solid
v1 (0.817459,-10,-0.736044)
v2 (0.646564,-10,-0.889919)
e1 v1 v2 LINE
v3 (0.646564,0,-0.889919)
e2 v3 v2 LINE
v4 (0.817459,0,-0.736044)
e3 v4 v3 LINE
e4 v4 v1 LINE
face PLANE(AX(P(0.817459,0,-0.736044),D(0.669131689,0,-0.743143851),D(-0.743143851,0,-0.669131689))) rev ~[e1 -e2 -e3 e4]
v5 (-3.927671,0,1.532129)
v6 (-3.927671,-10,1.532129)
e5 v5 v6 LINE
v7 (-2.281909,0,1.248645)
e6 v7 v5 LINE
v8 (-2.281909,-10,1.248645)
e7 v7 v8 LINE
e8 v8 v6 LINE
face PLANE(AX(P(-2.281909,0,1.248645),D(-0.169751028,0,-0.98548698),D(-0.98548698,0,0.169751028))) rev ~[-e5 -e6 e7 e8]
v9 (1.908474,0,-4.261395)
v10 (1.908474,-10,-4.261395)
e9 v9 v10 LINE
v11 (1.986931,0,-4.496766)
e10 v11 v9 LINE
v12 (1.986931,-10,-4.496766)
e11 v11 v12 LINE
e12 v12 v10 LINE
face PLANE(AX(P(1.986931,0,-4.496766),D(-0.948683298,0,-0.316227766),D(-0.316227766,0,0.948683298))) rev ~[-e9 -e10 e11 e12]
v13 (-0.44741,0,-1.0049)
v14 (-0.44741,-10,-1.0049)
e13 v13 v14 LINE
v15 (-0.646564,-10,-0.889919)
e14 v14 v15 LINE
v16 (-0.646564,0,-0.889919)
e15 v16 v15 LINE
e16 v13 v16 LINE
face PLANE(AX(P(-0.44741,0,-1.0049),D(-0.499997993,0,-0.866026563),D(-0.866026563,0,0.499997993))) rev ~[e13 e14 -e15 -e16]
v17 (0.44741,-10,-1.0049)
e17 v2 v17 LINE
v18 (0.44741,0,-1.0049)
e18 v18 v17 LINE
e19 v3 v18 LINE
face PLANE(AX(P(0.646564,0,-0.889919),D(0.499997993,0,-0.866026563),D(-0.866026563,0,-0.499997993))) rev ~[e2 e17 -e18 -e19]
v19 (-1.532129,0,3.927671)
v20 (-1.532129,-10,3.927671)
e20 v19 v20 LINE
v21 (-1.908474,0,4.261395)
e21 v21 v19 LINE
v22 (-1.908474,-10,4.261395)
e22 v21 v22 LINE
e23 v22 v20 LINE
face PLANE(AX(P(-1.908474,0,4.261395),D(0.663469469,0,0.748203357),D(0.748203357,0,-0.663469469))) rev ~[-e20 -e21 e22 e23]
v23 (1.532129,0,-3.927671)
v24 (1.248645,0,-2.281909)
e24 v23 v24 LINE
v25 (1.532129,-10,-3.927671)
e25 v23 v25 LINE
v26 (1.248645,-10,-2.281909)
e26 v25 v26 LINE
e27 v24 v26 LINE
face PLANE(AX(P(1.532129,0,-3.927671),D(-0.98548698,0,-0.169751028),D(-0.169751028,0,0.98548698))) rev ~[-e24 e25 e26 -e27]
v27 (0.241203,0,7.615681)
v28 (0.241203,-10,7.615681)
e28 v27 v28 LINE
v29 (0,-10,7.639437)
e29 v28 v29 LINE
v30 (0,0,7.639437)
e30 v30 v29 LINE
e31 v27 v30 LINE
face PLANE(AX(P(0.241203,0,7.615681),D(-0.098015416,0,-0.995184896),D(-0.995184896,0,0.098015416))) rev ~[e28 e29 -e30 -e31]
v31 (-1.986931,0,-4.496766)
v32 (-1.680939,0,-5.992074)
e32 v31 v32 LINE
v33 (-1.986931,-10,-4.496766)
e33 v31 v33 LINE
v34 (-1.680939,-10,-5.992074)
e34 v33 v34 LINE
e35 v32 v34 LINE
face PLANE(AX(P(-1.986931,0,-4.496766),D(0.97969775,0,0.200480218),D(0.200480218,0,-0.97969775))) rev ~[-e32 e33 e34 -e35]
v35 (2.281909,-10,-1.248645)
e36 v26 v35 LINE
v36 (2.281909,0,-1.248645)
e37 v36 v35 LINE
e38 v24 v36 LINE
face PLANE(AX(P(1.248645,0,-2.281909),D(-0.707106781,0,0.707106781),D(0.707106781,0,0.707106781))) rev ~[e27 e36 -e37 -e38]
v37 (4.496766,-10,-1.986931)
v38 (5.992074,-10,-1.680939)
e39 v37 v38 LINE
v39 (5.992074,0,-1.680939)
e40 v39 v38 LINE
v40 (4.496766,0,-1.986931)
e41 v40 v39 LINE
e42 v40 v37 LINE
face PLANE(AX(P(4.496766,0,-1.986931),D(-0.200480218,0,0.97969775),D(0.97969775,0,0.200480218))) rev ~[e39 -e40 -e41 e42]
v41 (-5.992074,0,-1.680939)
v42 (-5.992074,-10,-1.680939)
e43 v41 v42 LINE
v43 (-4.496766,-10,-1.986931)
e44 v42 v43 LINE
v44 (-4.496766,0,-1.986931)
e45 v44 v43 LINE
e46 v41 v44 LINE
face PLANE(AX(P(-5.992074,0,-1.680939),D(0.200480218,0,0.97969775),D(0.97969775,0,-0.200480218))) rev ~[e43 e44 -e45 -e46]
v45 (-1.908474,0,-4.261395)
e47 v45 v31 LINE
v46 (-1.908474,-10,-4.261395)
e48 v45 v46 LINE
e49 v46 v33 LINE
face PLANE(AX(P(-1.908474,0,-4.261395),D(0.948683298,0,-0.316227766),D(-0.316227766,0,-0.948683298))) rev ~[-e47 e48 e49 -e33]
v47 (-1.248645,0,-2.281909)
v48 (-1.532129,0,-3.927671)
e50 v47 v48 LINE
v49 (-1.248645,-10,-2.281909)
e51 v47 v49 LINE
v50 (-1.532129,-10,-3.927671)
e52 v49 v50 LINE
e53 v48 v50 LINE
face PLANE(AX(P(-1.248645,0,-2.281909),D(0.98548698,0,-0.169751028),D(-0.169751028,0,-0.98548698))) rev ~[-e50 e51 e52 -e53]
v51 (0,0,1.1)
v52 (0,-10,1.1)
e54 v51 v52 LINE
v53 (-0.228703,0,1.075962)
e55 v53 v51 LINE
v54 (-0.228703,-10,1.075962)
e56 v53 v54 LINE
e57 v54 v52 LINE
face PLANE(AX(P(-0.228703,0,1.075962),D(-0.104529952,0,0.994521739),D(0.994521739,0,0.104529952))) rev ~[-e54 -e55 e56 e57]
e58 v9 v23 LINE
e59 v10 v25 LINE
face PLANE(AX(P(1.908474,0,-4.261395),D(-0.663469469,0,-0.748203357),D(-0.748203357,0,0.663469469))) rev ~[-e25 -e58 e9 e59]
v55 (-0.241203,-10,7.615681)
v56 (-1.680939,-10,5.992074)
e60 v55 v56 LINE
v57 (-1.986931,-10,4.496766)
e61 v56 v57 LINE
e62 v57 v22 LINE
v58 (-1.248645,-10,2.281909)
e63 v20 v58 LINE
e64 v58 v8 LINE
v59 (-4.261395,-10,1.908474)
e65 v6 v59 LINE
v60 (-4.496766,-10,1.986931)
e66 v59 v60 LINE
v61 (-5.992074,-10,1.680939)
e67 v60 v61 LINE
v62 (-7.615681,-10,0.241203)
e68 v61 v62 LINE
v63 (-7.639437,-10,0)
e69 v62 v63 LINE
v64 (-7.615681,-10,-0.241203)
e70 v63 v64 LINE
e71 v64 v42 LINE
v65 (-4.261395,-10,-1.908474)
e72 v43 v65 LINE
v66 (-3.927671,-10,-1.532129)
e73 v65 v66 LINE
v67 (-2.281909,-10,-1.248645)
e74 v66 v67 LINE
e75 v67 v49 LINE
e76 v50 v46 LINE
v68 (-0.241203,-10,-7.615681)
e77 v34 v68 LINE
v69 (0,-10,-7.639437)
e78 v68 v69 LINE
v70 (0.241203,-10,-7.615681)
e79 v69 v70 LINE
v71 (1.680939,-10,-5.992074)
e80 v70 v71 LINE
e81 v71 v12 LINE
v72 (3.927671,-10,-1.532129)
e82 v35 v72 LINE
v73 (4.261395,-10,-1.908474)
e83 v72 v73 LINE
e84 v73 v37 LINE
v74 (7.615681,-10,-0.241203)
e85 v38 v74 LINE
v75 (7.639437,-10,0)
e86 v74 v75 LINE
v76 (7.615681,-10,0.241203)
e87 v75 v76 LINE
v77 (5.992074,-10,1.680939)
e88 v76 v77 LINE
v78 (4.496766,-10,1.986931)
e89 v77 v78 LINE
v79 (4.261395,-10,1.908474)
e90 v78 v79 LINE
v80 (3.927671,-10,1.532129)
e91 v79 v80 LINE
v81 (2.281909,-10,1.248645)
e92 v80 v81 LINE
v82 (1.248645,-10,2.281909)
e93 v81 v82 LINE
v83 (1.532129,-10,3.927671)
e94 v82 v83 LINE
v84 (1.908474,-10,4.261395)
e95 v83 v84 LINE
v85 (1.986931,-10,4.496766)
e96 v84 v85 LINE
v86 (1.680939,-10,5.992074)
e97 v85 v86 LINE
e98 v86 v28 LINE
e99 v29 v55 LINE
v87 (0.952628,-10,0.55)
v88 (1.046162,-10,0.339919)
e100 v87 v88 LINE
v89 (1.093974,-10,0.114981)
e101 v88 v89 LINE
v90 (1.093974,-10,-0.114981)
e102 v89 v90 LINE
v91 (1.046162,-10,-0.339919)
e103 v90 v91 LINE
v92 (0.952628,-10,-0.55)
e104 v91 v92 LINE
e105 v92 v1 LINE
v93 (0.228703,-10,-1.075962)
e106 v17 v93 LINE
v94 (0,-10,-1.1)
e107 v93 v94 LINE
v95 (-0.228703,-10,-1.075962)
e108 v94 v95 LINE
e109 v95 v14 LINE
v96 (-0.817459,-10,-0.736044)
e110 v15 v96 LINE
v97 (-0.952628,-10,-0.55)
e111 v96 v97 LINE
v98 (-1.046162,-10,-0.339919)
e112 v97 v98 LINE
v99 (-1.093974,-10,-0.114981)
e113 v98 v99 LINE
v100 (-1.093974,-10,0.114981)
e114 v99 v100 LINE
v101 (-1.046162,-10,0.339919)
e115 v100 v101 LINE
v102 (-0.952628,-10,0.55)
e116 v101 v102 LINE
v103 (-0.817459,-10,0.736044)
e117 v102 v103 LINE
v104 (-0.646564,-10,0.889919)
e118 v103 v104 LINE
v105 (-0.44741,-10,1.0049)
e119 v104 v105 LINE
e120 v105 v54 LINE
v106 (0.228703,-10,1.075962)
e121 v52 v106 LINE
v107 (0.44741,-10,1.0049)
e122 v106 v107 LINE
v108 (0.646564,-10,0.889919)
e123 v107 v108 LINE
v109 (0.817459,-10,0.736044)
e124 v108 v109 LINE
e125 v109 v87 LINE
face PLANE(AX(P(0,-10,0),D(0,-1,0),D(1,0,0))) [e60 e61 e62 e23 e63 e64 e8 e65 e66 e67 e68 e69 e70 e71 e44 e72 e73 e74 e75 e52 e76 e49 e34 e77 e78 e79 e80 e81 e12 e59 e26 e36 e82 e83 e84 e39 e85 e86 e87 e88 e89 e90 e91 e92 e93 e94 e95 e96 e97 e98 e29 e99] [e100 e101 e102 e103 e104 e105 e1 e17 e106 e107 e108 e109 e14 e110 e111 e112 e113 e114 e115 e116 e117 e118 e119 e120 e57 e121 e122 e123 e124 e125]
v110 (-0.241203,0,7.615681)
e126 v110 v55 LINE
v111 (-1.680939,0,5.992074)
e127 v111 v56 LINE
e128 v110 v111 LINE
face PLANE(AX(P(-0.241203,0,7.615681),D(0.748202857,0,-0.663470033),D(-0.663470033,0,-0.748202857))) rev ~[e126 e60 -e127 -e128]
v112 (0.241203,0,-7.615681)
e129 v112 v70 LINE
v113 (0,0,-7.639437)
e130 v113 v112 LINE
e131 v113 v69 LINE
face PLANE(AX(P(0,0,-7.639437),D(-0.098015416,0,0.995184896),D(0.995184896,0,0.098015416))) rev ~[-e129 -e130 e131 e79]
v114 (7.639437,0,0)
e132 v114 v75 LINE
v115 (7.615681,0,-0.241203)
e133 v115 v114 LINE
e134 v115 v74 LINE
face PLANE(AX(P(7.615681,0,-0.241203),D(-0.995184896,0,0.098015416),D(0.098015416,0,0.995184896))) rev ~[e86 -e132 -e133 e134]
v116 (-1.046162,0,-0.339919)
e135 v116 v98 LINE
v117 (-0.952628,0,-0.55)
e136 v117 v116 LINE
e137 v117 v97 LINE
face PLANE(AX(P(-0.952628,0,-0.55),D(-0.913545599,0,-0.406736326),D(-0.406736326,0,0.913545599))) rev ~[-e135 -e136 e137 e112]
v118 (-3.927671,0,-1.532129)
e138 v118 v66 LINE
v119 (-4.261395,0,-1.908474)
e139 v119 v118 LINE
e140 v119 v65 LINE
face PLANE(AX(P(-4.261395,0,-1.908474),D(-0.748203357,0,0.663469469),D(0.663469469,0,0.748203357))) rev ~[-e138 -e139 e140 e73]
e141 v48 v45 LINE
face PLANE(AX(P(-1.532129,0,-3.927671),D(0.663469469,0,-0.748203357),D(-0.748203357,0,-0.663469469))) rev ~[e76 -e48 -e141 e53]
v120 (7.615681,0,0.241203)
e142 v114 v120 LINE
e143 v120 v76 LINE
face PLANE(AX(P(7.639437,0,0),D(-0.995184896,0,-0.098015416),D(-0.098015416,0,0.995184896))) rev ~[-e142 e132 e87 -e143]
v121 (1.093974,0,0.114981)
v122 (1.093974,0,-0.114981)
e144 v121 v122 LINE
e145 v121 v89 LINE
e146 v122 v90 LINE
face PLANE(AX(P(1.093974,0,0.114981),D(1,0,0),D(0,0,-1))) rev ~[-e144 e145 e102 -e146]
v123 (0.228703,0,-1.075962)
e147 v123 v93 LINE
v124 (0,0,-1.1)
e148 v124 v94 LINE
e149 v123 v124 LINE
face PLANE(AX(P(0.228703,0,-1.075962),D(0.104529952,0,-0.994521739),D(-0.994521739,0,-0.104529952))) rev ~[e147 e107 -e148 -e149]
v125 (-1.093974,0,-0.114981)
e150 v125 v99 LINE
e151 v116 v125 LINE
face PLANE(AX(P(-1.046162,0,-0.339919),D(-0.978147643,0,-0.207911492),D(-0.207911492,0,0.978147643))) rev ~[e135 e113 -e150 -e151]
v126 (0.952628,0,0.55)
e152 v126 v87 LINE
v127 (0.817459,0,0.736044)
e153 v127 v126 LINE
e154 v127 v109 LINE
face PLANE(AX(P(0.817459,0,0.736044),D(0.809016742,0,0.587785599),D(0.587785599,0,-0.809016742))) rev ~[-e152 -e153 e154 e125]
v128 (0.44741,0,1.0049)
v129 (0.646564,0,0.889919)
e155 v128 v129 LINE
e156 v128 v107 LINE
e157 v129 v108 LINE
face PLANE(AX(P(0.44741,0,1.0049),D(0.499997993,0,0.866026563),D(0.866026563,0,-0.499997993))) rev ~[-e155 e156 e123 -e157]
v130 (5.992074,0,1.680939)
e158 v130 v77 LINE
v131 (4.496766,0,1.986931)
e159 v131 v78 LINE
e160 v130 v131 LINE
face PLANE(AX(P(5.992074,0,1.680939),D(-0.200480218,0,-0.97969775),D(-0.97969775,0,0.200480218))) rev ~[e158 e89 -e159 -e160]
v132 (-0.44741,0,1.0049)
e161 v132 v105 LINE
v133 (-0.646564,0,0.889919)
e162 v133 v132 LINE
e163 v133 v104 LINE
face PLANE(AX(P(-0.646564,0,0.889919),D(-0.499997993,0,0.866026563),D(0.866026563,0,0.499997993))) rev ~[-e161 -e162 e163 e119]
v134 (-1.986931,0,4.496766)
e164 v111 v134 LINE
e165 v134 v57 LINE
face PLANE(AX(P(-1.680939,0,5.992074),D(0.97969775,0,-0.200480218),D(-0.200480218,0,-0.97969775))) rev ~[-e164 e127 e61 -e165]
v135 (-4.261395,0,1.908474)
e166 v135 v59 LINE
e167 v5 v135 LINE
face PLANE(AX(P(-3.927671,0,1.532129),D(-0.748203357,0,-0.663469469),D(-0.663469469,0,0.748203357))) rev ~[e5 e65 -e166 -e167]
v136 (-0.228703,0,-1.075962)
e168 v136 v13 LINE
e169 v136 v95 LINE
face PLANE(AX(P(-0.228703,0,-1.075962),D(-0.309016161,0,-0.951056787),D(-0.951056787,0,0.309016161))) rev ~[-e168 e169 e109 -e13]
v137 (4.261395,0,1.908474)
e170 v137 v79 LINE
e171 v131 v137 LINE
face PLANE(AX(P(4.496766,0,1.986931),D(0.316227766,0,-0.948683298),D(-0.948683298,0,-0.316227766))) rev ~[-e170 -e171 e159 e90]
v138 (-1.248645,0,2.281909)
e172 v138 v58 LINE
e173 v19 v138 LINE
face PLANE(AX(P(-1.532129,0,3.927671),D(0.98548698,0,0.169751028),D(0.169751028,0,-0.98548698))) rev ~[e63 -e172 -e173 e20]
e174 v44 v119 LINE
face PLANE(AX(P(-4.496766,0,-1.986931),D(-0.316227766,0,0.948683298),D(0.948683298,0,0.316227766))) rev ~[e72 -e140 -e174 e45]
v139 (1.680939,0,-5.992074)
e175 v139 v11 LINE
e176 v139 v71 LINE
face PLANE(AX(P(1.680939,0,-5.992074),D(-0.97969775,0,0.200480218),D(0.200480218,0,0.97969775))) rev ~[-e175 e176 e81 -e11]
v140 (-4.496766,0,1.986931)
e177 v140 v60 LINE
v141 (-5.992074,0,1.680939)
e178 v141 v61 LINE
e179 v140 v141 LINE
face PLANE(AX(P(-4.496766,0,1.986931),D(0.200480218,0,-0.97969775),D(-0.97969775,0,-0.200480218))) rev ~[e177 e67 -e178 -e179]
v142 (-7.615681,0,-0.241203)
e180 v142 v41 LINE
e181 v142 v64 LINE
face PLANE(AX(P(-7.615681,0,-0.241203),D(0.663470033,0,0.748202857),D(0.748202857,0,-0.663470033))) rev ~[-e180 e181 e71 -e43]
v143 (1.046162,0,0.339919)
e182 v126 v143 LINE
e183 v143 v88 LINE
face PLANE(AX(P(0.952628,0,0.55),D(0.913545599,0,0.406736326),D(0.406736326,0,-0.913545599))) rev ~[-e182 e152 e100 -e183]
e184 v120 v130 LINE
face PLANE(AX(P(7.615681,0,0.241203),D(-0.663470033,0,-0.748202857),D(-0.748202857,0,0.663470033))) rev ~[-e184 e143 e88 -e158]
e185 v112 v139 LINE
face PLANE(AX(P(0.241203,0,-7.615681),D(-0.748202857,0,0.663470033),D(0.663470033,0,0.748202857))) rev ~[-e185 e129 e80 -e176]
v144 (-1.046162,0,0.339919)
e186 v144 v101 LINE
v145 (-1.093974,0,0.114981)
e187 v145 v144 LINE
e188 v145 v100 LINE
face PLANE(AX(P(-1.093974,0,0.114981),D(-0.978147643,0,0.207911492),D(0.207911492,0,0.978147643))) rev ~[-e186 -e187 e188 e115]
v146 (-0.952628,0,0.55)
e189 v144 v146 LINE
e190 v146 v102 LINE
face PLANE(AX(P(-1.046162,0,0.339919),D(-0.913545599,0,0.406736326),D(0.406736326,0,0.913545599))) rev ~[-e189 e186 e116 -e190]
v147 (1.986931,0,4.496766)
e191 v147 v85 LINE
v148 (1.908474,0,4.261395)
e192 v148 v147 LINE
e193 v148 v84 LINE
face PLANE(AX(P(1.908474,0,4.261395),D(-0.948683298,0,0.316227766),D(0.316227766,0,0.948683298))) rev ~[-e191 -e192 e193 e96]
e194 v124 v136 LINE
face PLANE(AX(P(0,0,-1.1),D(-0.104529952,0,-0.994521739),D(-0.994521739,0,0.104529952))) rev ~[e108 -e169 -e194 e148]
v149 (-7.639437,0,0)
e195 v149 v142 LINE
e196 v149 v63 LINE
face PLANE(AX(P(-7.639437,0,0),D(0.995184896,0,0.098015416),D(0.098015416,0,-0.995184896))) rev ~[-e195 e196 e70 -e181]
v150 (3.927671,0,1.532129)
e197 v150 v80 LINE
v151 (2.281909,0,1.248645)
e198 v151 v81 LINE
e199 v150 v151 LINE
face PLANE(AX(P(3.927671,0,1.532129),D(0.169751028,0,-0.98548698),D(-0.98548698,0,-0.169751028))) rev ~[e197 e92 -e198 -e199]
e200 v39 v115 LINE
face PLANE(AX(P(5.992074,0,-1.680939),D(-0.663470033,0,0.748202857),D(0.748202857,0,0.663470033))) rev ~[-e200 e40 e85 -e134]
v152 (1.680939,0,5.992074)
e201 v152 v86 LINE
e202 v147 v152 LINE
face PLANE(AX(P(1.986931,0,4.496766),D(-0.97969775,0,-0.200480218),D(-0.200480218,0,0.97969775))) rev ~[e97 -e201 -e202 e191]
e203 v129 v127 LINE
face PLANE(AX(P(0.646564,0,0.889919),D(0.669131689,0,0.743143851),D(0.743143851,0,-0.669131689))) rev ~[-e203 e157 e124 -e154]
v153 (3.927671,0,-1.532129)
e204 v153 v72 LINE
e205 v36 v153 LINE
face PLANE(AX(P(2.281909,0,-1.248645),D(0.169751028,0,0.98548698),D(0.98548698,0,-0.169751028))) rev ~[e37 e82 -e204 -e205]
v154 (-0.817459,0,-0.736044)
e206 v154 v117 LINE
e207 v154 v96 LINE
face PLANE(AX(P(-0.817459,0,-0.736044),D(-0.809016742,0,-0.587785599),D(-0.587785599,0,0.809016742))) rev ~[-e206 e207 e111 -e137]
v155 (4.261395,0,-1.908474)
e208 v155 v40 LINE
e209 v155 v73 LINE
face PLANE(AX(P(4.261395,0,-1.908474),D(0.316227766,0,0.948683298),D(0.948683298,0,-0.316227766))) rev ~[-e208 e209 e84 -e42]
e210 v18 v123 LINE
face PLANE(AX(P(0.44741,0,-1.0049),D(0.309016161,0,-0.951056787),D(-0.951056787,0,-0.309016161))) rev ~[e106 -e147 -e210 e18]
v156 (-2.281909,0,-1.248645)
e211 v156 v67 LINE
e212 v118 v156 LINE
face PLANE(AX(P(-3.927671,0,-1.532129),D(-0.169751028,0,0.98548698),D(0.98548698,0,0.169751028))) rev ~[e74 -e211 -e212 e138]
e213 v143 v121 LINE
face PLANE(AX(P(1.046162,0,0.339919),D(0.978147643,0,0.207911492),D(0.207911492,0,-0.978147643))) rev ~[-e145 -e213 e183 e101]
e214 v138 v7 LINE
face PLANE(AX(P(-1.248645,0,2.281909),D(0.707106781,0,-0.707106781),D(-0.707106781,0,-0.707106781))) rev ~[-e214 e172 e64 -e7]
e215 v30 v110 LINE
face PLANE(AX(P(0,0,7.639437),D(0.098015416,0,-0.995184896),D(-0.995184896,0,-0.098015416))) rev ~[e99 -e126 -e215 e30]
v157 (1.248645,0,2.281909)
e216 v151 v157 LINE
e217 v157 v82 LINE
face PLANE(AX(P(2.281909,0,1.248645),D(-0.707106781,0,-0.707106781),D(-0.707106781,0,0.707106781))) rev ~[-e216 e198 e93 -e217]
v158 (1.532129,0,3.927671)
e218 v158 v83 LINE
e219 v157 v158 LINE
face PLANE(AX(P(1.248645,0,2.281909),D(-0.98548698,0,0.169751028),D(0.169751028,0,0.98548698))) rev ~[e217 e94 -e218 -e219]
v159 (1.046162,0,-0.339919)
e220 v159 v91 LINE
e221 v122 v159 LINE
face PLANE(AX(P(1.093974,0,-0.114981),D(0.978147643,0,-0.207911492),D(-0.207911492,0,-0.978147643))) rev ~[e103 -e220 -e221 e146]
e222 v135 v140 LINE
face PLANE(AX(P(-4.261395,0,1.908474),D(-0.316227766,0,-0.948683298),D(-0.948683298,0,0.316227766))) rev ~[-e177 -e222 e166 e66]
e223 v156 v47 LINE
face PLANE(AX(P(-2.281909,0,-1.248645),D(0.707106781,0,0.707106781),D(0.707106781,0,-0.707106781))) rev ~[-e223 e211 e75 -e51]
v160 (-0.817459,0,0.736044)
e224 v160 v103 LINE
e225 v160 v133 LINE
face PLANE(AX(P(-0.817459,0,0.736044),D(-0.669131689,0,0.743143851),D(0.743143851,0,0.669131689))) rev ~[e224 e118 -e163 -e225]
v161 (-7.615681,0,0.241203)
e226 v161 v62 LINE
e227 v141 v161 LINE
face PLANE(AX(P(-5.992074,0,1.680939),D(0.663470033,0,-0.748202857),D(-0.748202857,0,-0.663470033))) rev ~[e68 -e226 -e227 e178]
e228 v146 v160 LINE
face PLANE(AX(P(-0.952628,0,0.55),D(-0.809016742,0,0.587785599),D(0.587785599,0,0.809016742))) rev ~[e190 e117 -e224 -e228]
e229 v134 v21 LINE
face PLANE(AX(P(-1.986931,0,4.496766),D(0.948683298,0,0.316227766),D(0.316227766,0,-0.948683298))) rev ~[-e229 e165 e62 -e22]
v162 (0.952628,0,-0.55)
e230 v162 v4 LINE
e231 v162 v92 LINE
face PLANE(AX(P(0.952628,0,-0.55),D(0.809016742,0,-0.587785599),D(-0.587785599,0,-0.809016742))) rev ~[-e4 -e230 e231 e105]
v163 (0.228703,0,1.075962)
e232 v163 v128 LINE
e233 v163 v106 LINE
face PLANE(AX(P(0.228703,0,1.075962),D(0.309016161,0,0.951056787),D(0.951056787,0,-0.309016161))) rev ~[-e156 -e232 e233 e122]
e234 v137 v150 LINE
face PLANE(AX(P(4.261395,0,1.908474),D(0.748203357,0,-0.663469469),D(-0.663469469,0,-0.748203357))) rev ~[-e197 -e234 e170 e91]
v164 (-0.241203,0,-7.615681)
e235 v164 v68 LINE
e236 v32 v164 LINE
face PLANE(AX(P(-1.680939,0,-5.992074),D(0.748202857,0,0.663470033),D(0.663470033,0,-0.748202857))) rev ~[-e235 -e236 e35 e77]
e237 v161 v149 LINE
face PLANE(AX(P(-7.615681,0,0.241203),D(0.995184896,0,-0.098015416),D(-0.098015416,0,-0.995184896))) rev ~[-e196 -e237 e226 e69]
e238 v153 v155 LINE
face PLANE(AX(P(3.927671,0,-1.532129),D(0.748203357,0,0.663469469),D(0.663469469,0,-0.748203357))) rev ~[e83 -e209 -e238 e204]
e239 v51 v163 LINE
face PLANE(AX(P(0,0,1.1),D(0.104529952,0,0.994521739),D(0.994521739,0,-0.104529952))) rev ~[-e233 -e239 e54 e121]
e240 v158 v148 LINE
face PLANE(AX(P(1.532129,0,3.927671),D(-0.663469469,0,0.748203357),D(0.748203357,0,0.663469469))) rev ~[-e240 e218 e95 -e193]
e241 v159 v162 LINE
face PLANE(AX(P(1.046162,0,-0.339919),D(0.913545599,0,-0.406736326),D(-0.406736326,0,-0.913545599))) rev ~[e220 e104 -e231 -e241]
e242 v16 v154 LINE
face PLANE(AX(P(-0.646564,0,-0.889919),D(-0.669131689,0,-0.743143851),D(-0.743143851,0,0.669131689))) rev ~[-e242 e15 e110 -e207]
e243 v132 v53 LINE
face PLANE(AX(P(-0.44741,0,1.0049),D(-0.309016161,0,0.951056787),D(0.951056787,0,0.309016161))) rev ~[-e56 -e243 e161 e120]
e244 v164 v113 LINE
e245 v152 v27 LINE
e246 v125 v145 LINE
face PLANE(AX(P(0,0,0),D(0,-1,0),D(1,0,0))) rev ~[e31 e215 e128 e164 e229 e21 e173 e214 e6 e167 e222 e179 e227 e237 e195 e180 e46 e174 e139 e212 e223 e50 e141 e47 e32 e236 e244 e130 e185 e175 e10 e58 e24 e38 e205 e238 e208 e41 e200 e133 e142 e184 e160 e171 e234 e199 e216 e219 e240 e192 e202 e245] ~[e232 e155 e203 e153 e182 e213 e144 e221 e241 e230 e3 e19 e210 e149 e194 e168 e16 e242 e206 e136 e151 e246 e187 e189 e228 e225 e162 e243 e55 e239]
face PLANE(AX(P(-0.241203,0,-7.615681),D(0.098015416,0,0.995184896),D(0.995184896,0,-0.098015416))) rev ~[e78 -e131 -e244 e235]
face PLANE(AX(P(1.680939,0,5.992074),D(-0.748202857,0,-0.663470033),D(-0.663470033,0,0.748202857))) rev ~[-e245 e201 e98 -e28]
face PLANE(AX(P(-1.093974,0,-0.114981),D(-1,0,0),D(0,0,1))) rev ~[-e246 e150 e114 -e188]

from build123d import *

# Parameters (mm, degrees)
F1_DEPTH = 10


with BuildPart() as f1:
    # F0 (on Front) → F1 (new body)
    with BuildSketch(Plane.XZ):
        Polygon((-1.680939, -5.992074), (-0.241203, -7.615681), (0, -7.639437), (0.241203, -7.615681), (1.680939, -5.992074), (1.986931, -4.496766), (1.908474, -4.261395), (1.532129, -3.927671), (1.248645, -2.281909), (2.281909, -1.248645), (3.927671, -1.532129), (4.261395, -1.908474), (4.496766, -1.986931), (5.992074, -1.680939), (7.615681, -0.241203), (7.639437, 0), (7.615681, 0.241203), (5.992074, 1.680939), (4.496766, 1.986931), (4.261395, 1.908474), (3.927671, 1.532129), (2.281909, 1.248645), (1.248645, 2.281909), (1.532129, 3.927671), (1.908474, 4.261395), (1.986931, 4.496766), (1.680939, 5.992074), (0.241203, 7.615681), (0, 7.639437), (-0.241203, 7.615681), (-1.680939, 5.992074), (-1.986931, 4.496766), (-1.908474, 4.261395), (-1.532129, 3.927671), (-1.248645, 2.281909), (-2.281909, 1.248645), (-3.927671, 1.532129), (-4.261395, 1.908474), (-4.496766, 1.986931), (-5.992074, 1.680939), (-7.615681, 0.241203), (-7.639437, 0), (-7.615681, -0.241203), (-5.992074, -1.680939), (-4.496766, -1.986931), (-4.261395, -1.908474), (-3.927671, -1.532129), (-2.281909, -1.248645), (-1.248645, -2.281909), (-1.532129, -3.927671), (-1.908474, -4.261395), (-1.986931, -4.496766), align=None)
        Polygon((0.44741, -1.0049), (0.228703, -1.075962), (0, -1.1), (-0.228703, -1.075962), (-0.44741, -1.0049), (-0.646564, -0.889919), (-0.817459, -0.736044), (-0.952628, -0.55), (-1.046162, -0.339919), (-1.093974, -0.114981), (-1.093974, 0.114981), (-1.046162, 0.339919), (-0.952628, 0.55), (-0.817459, 0.736044), (-0.646564, 0.889919), (-0.44741, 1.0049), (-0.228703, 1.075962), (0, 1.1), (0.228703, 1.075962), (0.44741, 1.0049), (0.646564, 0.889919), (0.817459, 0.736044), (0.952628, 0.55), (1.046162, 0.339919), (1.093974, 0.114981), (1.093974, -0.114981), (1.046162, -0.339919), (0.952628, -0.55), (0.817459, -0.736044), (0.646564, -0.889919), align=None, mode=Mode.SUBTRACT)
    extrude(amount=F1_DEPTH)


solid = f1.part
